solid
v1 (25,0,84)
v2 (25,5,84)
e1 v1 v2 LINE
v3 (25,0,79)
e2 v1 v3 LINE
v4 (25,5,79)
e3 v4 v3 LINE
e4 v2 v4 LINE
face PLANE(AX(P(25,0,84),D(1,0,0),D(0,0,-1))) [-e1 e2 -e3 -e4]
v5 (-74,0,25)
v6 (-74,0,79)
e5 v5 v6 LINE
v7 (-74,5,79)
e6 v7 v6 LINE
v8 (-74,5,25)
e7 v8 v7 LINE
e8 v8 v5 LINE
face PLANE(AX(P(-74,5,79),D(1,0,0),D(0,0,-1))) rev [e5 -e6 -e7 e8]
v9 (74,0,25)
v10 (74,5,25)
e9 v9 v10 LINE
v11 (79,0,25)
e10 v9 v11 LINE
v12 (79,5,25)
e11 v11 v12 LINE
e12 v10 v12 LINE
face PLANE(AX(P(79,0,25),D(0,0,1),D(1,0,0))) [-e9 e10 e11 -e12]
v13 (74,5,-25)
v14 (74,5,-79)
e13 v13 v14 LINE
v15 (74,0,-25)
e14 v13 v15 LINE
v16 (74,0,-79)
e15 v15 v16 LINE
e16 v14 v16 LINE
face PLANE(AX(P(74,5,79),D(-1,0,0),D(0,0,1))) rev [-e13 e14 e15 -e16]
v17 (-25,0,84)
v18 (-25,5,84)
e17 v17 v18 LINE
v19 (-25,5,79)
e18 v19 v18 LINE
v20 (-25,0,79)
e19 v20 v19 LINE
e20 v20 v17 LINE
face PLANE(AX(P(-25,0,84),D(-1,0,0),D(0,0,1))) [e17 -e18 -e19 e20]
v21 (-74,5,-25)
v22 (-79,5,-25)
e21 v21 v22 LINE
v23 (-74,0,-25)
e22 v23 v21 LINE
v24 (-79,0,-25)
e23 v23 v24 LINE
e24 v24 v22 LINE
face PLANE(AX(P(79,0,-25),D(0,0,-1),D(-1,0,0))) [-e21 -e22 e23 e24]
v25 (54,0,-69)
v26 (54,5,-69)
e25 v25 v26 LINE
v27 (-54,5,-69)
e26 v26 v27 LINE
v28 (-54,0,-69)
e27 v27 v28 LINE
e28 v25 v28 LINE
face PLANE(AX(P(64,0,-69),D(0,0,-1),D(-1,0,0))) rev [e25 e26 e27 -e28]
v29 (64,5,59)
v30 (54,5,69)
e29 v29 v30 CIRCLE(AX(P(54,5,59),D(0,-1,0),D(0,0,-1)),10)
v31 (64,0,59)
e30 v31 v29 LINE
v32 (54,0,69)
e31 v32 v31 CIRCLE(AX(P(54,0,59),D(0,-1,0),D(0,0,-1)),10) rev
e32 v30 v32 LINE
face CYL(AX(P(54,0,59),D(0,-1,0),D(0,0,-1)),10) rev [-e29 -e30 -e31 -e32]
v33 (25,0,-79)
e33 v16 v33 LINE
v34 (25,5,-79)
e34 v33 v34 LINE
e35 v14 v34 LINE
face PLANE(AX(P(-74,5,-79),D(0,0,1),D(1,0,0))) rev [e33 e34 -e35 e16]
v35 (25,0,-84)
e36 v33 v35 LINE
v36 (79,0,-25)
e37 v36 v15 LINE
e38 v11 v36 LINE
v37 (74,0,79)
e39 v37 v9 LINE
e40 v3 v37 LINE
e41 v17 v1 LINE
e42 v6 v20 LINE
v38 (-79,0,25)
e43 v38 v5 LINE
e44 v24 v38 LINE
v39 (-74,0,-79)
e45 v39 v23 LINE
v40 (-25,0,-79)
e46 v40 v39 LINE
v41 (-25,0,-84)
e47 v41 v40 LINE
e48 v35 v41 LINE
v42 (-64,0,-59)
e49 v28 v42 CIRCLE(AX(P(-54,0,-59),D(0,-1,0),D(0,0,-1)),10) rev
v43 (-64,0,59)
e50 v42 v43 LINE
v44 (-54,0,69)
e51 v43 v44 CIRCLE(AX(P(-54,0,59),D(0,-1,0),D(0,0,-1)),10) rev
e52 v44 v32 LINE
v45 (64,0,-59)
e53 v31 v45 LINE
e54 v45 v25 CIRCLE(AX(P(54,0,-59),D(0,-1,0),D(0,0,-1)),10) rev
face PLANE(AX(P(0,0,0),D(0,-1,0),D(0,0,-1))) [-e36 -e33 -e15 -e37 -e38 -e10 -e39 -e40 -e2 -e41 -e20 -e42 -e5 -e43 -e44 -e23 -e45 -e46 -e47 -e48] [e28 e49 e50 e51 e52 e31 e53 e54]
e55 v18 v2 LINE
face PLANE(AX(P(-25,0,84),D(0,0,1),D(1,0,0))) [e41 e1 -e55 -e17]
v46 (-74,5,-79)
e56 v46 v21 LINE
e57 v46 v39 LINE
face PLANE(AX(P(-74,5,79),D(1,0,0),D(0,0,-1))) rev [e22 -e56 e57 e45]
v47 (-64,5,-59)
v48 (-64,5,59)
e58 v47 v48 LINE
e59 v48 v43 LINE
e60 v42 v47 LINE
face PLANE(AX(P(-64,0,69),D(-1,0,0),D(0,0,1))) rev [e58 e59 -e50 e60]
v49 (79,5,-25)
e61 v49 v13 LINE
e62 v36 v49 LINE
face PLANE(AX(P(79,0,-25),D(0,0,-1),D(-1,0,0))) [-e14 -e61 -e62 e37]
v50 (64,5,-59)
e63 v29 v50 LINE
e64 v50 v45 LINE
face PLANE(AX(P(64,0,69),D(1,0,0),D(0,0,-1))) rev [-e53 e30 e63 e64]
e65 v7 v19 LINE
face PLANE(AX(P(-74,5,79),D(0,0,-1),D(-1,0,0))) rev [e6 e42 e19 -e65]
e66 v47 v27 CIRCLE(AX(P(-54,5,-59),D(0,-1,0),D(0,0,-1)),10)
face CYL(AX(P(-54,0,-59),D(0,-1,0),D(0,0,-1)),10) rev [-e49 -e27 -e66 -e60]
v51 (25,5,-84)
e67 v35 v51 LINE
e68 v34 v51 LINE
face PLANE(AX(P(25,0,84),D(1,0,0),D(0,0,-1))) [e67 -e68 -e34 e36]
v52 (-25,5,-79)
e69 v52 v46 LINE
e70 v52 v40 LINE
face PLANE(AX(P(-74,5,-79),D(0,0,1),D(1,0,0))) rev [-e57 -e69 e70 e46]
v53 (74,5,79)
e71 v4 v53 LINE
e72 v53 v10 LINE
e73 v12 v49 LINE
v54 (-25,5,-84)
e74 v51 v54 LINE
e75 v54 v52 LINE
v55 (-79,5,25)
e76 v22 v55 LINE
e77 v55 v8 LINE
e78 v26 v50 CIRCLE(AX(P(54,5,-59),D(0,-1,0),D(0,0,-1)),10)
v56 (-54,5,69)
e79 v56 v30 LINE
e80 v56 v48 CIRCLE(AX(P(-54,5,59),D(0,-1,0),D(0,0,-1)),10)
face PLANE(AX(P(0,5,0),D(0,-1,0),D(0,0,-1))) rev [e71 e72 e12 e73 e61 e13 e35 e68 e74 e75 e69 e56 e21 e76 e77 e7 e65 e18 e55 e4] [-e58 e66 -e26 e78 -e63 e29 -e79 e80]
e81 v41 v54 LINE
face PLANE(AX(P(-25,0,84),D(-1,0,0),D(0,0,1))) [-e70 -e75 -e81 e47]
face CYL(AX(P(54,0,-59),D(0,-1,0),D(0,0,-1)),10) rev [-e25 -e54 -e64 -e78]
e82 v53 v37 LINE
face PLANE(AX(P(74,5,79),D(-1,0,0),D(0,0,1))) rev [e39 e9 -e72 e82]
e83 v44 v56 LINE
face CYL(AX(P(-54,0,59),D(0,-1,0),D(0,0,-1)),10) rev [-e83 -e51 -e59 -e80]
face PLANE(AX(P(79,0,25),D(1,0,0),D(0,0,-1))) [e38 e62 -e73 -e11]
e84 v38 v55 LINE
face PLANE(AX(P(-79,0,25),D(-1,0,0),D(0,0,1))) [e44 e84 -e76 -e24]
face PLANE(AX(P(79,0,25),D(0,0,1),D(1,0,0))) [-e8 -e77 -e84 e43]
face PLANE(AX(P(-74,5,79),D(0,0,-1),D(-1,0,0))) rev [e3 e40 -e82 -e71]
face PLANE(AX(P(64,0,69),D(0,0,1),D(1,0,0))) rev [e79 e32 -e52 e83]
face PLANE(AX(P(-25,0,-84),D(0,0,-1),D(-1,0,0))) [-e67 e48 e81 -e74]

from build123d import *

# Parameters (mm, degrees)
SKIZZE1_W                       = 148
SKIZZE1_H                       = 158
AUFSATZ_LINEAR_AUSTRAGEN1_DEPTH = 5
SKIZZE2_W                       = 158
SKIZZE2_H                       = 50
AUFSATZ_LINEAR_AUSTRAGEN2_DEPTH = 5
SKIZZE3_W                       = 50
SKIZZE3_H                       = 168
AUFSATZ_LINEAR_AUSTRAGEN3_DEPTH = 5
SKIZZE4_R                       = 50
SCHNITT_LINEAR_AUSTRAGEN1_DEPTH = 5
SKIZZE5_W                       = 128
SKIZZE5_H                       = 138
SCHNITT_LINEAR_AUSTRAGEN2_DEPTH = 116.420968632
VERRUNDUNG1_R                   = 10


with BuildPart() as part:
    # Skizze1 → Aufsatz-Linear austragen1 (new body)
    with BuildSketch(Plane(origin=(0, 0, 0), x_dir=(1, 0, 0), z_dir=(0, 1, 0))):
        Rectangle(SKIZZE1_W, SKIZZE1_H)
    extrude(amount=AUFSATZ_LINEAR_AUSTRAGEN1_DEPTH)

    # Skizze2 → Aufsatz-Linear austragen2 (add)
    with BuildSketch(Plane(origin=(0, 5, 0), x_dir=(1, 0, 0), z_dir=(0, 1, 0))):
        Rectangle(SKIZZE2_W, SKIZZE2_H)
    extrude(amount=-AUFSATZ_LINEAR_AUSTRAGEN2_DEPTH)

    # Skizze3 → Aufsatz-Linear austragen3 (add)
    with BuildSketch(Plane(origin=(0, 5, 0), x_dir=(1, 0, 0), z_dir=(0, 1, 0))):
        Rectangle(SKIZZE3_W, SKIZZE3_H)
    extrude(amount=-AUFSATZ_LINEAR_AUSTRAGEN3_DEPTH)

    # Skizze4 → Schnitt-Linear austragen1 (cut)
    with BuildSketch(Plane(origin=(0, 5, 0), x_dir=(1, 0, 0), z_dir=(0, 1, 0))):
        Circle(SKIZZE4_R)
    extrude(amount=-SCHNITT_LINEAR_AUSTRAGEN1_DEPTH, mode=Mode.SUBTRACT)

    # Skizze5 → Schnitt-Linear austragen2 (cut, through all)
    with BuildSketch(Plane(origin=(0, 5, 0), x_dir=(1, 0, 0), z_dir=(0, 1, 0))):
        Rectangle(SKIZZE5_W, SKIZZE5_H)
    extrude(amount=-SCHNITT_LINEAR_AUSTRAGEN2_DEPTH, mode=Mode.SUBTRACT)

    # Verrundung1
    verrundung1_edges = [part.edges().sort_by_distance(p)[0] for p in [
        (-64, 2.5, 69),
        (64, 2.5, 69),
        (64, 2.5, -69),
        (-64, 2.5, -69),
    ]]
    fillet(verrundung1_edges, radius=VERRUNDUNG1_R)


solid = part.part
